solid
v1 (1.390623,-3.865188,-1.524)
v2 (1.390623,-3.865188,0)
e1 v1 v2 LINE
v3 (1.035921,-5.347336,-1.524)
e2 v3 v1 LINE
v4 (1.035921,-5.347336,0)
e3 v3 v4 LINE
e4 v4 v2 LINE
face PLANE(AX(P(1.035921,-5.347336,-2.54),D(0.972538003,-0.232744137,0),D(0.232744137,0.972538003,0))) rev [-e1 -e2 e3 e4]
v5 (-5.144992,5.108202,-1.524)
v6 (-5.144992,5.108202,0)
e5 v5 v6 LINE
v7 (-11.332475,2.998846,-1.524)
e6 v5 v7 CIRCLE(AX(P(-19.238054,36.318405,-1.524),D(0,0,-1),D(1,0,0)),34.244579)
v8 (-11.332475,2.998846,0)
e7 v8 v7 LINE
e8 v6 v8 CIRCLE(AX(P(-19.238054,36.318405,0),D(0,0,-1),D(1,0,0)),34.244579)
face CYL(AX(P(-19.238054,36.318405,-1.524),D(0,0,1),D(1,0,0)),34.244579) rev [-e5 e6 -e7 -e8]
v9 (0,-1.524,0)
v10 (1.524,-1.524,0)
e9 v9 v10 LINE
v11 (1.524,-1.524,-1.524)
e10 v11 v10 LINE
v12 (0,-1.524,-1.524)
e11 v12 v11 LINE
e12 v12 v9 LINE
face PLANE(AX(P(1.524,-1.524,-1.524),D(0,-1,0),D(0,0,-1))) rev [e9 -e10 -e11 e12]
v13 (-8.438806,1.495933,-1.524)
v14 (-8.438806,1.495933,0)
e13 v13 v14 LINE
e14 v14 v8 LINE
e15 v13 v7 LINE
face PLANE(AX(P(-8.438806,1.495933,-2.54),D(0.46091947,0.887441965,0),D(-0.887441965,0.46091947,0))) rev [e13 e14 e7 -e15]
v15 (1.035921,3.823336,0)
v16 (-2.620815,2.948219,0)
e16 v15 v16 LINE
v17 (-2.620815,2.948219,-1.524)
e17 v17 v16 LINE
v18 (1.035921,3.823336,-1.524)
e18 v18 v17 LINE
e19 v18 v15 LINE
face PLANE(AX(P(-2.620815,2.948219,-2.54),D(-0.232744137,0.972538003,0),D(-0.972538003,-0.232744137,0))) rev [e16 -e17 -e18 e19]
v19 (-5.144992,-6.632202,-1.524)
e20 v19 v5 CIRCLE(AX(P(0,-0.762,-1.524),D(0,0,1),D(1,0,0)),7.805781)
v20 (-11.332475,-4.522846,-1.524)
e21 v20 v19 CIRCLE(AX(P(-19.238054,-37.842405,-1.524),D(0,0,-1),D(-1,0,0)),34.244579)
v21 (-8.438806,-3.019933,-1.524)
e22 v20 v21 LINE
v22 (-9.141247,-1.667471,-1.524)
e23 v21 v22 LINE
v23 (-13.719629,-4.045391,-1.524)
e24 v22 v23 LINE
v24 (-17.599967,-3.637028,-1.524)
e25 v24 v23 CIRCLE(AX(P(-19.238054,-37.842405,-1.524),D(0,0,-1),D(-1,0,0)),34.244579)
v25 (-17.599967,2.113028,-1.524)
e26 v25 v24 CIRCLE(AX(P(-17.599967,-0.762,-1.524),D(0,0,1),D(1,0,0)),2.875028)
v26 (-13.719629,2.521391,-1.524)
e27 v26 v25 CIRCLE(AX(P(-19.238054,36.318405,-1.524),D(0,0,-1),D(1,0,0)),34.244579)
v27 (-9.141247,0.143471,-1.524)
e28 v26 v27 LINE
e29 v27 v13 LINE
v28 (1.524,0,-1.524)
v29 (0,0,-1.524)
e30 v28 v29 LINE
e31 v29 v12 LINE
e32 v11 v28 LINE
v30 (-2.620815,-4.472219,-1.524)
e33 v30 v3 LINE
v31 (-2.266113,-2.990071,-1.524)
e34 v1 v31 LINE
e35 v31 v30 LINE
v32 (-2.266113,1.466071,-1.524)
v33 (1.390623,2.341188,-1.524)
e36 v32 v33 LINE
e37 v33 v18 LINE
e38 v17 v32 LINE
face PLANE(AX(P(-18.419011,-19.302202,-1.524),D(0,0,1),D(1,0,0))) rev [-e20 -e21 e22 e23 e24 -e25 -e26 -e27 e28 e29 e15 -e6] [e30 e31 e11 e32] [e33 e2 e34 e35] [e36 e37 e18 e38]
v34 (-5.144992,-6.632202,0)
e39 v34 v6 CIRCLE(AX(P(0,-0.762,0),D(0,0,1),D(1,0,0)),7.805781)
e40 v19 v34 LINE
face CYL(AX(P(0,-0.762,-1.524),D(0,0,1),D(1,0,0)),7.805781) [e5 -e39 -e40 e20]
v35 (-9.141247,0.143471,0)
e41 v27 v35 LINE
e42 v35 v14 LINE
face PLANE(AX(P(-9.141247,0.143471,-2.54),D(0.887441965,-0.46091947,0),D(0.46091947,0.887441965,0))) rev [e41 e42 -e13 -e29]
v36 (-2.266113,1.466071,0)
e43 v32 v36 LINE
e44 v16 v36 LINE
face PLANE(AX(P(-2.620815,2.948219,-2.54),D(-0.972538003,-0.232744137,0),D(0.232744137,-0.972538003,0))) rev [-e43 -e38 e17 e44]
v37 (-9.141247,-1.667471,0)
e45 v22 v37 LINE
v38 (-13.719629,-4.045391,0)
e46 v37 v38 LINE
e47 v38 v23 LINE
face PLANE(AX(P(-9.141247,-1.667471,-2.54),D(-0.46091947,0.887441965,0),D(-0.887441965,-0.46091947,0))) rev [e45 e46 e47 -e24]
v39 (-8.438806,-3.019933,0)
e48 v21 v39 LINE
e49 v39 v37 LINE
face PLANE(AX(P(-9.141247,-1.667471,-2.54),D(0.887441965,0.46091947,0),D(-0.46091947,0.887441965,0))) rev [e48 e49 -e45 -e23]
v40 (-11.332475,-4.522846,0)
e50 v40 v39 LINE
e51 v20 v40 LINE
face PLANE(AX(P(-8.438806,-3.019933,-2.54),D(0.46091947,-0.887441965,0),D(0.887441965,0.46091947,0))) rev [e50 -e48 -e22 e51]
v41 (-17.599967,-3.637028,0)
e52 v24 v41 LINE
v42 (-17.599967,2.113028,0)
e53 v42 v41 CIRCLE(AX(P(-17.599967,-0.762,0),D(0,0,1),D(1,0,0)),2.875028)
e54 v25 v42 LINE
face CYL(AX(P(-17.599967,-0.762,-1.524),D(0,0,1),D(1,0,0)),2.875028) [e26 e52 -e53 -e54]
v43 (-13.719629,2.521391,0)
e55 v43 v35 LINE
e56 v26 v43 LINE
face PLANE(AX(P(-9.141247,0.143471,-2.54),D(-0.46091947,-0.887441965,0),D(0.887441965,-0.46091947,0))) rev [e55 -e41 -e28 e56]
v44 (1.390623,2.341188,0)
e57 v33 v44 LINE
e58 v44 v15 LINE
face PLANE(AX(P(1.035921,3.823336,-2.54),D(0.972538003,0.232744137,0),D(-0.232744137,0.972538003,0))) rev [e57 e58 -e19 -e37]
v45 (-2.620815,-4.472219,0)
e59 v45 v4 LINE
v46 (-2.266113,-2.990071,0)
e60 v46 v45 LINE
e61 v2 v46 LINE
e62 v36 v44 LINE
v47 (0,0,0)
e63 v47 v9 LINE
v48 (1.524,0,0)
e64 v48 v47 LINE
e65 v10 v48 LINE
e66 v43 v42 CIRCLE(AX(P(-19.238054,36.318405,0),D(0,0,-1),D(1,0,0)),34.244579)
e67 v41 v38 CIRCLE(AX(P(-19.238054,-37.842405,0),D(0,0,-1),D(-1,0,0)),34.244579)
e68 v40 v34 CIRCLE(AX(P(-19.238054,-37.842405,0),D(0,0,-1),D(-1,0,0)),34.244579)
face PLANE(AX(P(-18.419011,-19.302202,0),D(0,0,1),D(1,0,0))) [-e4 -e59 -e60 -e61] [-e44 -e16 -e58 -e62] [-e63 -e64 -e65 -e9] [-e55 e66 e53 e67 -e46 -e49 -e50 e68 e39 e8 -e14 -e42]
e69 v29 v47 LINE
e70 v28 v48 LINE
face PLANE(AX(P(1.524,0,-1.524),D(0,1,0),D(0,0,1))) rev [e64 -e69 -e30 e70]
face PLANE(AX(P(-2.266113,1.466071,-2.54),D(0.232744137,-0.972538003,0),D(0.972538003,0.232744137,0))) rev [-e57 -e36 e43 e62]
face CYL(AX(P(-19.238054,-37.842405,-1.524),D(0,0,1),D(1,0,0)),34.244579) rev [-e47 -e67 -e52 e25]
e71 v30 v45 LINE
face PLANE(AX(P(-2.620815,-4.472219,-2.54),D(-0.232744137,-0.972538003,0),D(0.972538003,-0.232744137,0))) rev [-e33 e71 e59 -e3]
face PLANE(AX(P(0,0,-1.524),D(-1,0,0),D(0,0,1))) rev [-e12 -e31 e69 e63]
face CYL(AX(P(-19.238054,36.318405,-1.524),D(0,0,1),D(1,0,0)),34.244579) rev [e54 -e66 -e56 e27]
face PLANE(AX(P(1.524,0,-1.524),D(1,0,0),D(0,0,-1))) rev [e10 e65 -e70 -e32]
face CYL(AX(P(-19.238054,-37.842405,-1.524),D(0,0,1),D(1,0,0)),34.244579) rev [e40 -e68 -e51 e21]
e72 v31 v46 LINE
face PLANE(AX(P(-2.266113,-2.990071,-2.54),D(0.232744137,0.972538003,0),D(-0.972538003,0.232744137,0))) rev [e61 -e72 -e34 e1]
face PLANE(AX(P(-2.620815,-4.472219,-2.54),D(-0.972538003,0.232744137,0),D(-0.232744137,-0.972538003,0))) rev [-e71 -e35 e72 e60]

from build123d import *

# Parameters (mm, degrees)
SKETCH1_W           = 1.524
SKETCH1_H           = 1.524
BOSS_EXTRUDE1_DEPTH = 1.524
CUT_EXTRUDE1_DEPTH  = 2.54
CUT_EXTRUDE2_DEPTH  = 2.54


with BuildPart() as part:
    # Sketch1 → Boss-Extrude1 (new body)
    with BuildSketch(Plane.XY):
        with BuildLine():
            ThreePointArc((-5.144991791, -6.632201856), (7.805780573, -0.762), (-5.144991791, 5.108201856))
            ThreePointArc((-5.144991791, 5.108201856), (-11.231180242, 3.023042691), (-17.599967494, 2.113027551))
            ThreePointArc((-17.599967494, 2.113027551), (-20.474995045, -0.762), (-17.599967494, -3.637027551))
            ThreePointArc((-17.599967494, -3.637027551), (-11.231180242, -4.547042691), (-5.144991791, -6.632201856))
        make_face()
        with Locations((0.762, -0.762)):
            Rectangle(SKETCH1_W, SKETCH1_H, mode=Mode.SUBTRACT)
    extrude(amount=-BOSS_EXTRUDE1_DEPTH)

    # Sketch2 → Cut-Extrude1 (cut)
    with BuildSketch(Plane.XY):
        Polygon((-9.141246891, -1.667471429), (-13.932743082, -4.156077978), (-13.230301809, -5.508539533), (-8.438805618, -3.019932984), align=None)
        Polygon((-13.932743082, 2.632077978), (-13.230301809, 3.984539533), (-8.438805618, 1.495932984), (-9.141246891, 0.143471429), align=None)
    extrude(amount=-CUT_EXTRUDE1_DEPTH, mode=Mode.SUBTRACT)

    # Sketch3 → Cut-Extrude2 (cut)
    with BuildSketch(Plane.XY):
        Polygon((1.03592119, 3.823335546), (1.390623256, 2.34118763), (-2.266113377, 1.466071171), (-2.620815442, 2.948219087), align=None)
        Polygon((-2.620815442, -4.472219087), (1.03592119, -5.347335546), (1.390623256, -3.86518763), (-2.266113377, -2.990071171), align=None)
    extrude(amount=-CUT_EXTRUDE2_DEPTH, mode=Mode.SUBTRACT)


solid = part.part
